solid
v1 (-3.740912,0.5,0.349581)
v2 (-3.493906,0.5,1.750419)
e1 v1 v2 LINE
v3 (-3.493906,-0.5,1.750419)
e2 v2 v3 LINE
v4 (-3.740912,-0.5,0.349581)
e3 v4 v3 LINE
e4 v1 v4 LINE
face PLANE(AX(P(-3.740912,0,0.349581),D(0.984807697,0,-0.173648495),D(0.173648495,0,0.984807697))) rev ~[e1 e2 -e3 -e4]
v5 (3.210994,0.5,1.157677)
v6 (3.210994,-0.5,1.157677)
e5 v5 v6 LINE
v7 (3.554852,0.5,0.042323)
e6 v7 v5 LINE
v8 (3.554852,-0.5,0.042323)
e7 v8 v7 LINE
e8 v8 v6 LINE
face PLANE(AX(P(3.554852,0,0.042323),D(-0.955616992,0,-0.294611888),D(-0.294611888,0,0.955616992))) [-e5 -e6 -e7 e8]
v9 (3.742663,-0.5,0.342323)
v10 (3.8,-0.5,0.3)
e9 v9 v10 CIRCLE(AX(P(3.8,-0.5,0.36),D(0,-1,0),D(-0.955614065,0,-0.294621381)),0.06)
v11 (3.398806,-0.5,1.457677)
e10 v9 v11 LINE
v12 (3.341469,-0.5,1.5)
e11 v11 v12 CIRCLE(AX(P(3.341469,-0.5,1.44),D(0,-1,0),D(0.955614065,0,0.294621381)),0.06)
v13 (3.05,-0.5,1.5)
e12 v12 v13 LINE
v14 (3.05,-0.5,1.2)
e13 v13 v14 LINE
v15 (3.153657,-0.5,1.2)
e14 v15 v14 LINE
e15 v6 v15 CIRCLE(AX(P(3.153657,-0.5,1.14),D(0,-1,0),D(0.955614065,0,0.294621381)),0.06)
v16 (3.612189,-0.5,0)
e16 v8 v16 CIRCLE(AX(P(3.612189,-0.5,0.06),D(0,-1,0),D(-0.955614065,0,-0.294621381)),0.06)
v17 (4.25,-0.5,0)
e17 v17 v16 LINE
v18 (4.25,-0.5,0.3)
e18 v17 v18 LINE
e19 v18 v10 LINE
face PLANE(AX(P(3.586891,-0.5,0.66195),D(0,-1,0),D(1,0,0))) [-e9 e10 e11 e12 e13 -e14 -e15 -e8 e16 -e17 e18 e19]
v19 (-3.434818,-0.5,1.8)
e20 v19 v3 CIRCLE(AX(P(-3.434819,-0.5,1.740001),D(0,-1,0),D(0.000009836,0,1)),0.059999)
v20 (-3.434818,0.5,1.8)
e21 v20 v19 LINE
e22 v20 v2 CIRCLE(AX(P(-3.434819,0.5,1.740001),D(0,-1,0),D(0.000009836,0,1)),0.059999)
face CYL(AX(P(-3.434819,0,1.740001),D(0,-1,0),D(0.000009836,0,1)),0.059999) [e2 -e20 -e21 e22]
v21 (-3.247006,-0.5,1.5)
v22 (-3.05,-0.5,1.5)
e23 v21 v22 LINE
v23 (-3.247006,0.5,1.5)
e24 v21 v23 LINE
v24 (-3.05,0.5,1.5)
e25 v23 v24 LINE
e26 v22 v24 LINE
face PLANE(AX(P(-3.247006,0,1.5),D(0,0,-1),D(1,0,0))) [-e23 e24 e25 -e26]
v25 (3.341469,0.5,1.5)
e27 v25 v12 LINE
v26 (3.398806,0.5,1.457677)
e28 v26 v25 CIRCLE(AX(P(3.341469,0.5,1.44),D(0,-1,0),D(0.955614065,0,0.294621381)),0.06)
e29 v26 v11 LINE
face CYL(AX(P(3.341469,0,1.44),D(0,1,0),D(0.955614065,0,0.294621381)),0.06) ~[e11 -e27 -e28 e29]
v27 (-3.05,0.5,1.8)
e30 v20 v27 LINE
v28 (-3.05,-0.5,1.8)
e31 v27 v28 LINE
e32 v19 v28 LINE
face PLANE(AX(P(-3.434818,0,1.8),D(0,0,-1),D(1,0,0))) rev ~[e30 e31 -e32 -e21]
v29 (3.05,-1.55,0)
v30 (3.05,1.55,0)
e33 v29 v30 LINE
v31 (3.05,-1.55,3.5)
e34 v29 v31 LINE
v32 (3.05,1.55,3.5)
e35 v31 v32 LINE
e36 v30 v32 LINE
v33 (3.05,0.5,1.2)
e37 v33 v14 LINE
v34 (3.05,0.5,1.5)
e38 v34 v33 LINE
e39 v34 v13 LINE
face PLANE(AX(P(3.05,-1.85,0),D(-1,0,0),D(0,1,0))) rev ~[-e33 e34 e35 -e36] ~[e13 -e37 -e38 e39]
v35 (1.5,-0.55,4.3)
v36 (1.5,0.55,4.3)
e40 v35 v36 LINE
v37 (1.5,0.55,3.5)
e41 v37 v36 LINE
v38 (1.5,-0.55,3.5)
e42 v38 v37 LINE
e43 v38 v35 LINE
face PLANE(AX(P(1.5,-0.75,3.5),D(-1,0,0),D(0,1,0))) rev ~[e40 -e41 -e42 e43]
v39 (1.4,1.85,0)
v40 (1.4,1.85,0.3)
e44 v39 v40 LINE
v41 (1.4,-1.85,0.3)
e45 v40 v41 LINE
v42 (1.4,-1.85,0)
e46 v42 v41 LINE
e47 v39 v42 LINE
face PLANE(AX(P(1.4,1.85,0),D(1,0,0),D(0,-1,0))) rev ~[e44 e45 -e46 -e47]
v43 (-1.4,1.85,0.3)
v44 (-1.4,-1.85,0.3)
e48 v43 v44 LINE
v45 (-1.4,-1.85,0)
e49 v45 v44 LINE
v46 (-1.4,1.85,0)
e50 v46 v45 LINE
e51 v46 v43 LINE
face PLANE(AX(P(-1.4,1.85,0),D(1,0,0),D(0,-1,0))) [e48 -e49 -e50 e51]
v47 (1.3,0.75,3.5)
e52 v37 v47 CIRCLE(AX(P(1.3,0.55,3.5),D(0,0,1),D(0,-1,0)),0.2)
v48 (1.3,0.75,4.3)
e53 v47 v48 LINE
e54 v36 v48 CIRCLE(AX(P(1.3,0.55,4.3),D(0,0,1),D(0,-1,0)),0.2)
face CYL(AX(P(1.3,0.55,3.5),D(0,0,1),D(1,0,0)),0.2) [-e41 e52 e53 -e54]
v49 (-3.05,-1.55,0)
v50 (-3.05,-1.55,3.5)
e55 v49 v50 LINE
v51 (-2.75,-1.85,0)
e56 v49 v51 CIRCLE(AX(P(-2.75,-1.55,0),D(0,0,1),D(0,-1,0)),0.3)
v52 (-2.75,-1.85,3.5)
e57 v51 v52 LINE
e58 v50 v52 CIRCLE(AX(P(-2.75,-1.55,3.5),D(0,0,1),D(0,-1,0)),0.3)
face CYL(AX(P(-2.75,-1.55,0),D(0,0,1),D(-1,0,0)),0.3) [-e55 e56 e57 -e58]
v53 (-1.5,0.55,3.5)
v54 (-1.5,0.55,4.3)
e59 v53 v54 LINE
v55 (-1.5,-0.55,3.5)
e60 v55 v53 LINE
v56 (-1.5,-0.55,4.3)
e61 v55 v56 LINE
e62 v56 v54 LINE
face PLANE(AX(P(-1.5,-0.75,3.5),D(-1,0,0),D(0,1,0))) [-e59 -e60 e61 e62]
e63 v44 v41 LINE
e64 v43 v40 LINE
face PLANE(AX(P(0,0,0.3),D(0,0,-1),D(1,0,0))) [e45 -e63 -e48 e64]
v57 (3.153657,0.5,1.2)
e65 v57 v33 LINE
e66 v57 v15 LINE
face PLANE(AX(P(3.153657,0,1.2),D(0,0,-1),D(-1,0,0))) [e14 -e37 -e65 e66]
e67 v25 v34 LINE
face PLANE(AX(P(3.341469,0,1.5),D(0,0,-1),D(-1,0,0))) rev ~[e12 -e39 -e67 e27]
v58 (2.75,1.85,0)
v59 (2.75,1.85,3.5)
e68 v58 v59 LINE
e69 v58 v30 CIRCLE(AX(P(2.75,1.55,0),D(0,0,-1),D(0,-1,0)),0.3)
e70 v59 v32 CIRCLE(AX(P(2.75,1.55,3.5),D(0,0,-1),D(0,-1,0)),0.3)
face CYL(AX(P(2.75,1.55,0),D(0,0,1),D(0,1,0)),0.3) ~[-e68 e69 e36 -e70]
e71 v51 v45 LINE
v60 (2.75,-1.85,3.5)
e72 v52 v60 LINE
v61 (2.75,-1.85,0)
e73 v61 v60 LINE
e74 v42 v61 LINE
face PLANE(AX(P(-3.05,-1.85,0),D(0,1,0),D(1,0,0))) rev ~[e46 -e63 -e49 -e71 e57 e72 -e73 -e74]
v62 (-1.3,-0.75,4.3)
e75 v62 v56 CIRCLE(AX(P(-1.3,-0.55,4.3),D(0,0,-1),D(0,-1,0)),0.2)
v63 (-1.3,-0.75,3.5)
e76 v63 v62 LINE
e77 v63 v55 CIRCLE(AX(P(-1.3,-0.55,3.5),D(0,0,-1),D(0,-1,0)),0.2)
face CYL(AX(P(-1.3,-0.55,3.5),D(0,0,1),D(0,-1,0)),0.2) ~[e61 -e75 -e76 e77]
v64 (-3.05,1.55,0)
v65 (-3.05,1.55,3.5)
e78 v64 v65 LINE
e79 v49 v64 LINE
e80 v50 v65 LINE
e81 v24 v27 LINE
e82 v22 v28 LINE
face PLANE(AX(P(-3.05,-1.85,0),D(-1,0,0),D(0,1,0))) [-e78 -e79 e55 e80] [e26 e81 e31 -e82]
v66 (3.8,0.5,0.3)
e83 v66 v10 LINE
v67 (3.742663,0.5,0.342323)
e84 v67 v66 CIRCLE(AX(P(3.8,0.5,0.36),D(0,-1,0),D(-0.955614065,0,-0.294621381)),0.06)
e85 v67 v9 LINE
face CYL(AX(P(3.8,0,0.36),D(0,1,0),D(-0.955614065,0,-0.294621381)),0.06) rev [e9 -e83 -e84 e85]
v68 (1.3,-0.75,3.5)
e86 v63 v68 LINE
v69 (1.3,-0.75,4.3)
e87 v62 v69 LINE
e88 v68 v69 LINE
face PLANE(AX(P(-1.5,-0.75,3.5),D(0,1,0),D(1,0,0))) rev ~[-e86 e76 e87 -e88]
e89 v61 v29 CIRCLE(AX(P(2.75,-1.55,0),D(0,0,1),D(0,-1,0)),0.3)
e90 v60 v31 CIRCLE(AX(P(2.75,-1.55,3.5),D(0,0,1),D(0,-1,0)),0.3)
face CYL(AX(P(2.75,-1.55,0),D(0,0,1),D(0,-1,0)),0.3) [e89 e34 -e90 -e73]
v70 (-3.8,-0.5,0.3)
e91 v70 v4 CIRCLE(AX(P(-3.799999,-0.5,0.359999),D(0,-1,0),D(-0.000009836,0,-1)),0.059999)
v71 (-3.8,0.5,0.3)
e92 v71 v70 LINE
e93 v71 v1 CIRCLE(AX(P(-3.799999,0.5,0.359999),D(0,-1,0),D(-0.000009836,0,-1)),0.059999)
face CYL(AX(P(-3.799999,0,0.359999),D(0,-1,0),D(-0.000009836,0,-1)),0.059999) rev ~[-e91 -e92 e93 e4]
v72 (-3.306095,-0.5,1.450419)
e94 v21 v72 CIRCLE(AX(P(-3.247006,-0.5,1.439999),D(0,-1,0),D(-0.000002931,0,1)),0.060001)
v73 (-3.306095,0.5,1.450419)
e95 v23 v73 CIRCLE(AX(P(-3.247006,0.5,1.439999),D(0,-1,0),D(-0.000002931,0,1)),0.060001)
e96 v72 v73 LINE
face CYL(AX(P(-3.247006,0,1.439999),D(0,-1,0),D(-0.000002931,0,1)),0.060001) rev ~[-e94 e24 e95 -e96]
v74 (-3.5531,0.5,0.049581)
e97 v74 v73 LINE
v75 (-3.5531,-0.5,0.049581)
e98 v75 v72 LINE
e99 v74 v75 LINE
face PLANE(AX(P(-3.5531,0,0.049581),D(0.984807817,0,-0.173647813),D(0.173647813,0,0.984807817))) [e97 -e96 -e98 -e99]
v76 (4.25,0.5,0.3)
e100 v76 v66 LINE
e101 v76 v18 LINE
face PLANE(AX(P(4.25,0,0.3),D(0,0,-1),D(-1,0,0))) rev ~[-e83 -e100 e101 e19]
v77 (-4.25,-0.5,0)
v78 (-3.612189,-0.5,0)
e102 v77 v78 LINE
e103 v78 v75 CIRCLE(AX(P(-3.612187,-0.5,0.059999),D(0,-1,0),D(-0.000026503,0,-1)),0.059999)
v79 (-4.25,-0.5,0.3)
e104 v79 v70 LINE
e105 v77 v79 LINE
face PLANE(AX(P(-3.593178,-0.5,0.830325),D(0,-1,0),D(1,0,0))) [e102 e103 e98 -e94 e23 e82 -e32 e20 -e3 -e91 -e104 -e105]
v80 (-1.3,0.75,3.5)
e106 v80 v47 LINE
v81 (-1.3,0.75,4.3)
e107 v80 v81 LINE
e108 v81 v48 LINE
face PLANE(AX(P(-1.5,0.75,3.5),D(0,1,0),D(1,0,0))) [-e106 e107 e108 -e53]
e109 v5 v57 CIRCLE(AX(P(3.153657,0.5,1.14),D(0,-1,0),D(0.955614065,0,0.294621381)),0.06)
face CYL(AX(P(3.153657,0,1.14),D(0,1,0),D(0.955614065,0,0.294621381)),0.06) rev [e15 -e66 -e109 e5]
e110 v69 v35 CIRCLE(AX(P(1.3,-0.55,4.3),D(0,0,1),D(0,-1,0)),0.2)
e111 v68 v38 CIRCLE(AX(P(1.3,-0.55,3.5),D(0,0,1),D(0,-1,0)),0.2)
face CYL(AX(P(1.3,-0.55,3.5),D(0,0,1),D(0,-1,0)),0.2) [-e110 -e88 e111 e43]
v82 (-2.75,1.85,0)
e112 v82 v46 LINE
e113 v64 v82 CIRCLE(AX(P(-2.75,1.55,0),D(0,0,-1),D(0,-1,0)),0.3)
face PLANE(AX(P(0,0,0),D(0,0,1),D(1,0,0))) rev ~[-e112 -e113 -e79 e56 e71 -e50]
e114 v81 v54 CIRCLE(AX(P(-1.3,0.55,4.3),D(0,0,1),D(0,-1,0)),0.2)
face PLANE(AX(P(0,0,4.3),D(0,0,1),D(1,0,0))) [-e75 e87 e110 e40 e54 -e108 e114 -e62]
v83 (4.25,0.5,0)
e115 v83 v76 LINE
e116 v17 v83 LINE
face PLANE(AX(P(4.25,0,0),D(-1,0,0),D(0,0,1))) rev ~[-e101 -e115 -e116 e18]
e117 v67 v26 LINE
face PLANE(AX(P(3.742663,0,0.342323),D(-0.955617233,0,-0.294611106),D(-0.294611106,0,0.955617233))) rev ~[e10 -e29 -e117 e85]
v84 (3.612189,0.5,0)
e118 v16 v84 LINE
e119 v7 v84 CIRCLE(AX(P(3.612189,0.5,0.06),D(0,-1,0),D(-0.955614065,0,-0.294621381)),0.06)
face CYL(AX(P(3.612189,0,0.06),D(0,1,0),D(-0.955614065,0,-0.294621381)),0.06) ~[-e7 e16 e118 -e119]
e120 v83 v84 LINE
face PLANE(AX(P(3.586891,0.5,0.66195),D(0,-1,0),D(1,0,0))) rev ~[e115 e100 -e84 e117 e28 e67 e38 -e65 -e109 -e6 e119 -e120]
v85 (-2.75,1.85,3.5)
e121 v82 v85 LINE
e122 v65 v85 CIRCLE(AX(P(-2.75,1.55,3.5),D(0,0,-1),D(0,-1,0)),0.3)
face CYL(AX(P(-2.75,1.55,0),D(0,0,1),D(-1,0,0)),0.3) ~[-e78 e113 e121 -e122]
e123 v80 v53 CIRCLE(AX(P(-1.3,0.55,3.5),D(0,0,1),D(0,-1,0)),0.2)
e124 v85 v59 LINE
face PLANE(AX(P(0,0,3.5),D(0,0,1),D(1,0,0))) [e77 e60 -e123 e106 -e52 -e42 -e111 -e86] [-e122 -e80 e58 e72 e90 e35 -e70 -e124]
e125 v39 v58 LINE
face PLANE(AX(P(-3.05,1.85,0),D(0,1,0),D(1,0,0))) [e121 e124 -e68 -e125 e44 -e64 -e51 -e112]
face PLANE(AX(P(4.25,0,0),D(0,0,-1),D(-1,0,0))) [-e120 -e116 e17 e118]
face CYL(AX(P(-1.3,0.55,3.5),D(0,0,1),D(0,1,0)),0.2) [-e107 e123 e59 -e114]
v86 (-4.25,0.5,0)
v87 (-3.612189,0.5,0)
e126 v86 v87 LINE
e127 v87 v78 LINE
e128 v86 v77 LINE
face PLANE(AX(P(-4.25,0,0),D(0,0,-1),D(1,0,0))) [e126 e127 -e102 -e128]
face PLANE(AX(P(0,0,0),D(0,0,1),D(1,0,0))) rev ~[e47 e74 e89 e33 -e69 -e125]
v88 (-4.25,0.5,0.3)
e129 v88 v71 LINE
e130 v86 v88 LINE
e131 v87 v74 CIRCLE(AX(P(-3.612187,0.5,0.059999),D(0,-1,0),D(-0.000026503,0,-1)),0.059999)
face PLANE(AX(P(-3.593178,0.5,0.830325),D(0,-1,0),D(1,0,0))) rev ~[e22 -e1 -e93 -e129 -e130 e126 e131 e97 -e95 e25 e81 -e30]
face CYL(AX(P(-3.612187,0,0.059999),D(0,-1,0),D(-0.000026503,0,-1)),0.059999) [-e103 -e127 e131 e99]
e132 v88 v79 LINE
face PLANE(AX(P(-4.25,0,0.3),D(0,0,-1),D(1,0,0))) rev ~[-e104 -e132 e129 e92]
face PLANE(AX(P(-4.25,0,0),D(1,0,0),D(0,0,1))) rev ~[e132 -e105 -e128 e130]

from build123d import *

# Parameters (mm, degrees)
SKETCH001_W  = 6.1
SKETCH001_H  = 3.7
PAD001_DEPTH = 3.5
SKETCH002_W  = 2.8
SKETCH002_H  = 3.7
POCKET_DEPTH = 0.3
FILLET_R     = 0.3
SKETCH003_W  = 3
SKETCH003_H  = 1.5
PAD002_DEPTH = 0.8
FILLET001_R  = 0.2
PAD_DEPTH    = 0.5


with BuildPart() as przycisk_zaokraglony:
    # Sketch001 → Pad001 (new body)
    with BuildSketch(Plane.XY):
        Rectangle(SKETCH001_W, SKETCH001_H)
    extrude(amount=PAD001_DEPTH)

    # Sketch002 → Pocket (cut)
    with BuildSketch(Plane(origin=(0, 0, 0), x_dir=(1, 0, 0), z_dir=(0, 0, -1))):
        Rectangle(SKETCH002_W, SKETCH002_H)
    extrude(amount=-POCKET_DEPTH, mode=Mode.SUBTRACT)

    # Fillet
    fillet_edges = [przycisk_zaokraglony.edges().sort_by_distance(p)[0] for p in [
        (-3.05, -1.85, 1.75),
        (-3.05, 1.85, 1.75),
        (3.05, -1.85, 1.75),
        (3.05, 1.85, 1.75),
    ]]
    fillet(fillet_edges, radius=FILLET_R)

    # Sketch003 → Pad002 (new body)
    with BuildSketch(Plane.XY.offset(3.5)):
        Rectangle(SKETCH003_W, SKETCH003_H)
    extrude(amount=PAD002_DEPTH)

    # Fillet001
    fillet001_edges = [przycisk_zaokraglony.edges().sort_by_distance(p)[0] for p in [
        (1.5, -0.75, 3.9),
        (1.5, 0.75, 3.9),
        (-1.5, 0.75, 3.9),
        (-1.5, -0.75, 3.9),
    ]]
    fillet(fillet001_edges, radius=FILLET001_R)


with BuildPart() as fusion:
    # Sketch → Pad (new body, symmetric)
    with BuildSketch(Plane.XZ):
        with BuildLine():
            Line((4.25, 0), (4.25, 0.3))
            Line((4.25, 0.3), (3.8, 0.3))
            ThreePointArc((3.742663, 0.342323), (3.764367, 0.311727), (3.8, 0.3))
            Line((3.742663, 0.342323), (3.398806, 1.457677))
            ThreePointArc((3.398806, 1.457677), (3.377102, 1.488273), (3.341469, 1.5))
            Line((3.341469, 1.5), (3.05, 1.5))
            Line((3.05, 1.5), (3.05, 1.2))
            Line((3.153657, 1.2), (3.05, 1.2))
            ThreePointArc((3.210994, 1.157677), (3.18929, 1.188273), (3.153657, 1.2))
            Line((3.554852, 0.042323), (3.210994, 1.157677))
            ThreePointArc((3.554852, 0.042323), (3.576556, 0.011727), (3.612189, 0))
            Line((4.25, 0), (3.612189, 0))
        make_face()
        with BuildLine():
            Line((-3.05, 1.5), (-3.05, 1.8))
            Line((-3.434818, 1.8), (-3.05, 1.8))
            ThreePointArc((-3.434818, 1.8), (-3.473385, 1.785963), (-3.493906, 1.750419))
            Line((-3.740912, 0.349581), (-3.493906, 1.750419))
            ThreePointArc((-3.8, 0.3), (-3.761433, 0.314037), (-3.740912, 0.349581))
            Line((-4.25, 0.3), (-3.8, 0.3))
            Line((-4.25, 0), (-4.25, 0.3))
            Line((-4.25, 0), (-3.612189, 0))
            ThreePointArc((-3.612189, 0), (-3.573621, 0.014037), (-3.5531, 0.049581))
            Line((-3.5531, 0.049581), (-3.306095, 1.450419))
            ThreePointArc((-3.247006, 1.5), (-3.285573, 1.485963), (-3.306095, 1.450419))
            Line((-3.247006, 1.5), (-3.05, 1.5))
        make_face()
    extrude(amount=PAD_DEPTH, both=True)

    # Fusion: union przycisk_zaokraglony
    add(przycisk_zaokraglony.part)


solid = fusion.part
